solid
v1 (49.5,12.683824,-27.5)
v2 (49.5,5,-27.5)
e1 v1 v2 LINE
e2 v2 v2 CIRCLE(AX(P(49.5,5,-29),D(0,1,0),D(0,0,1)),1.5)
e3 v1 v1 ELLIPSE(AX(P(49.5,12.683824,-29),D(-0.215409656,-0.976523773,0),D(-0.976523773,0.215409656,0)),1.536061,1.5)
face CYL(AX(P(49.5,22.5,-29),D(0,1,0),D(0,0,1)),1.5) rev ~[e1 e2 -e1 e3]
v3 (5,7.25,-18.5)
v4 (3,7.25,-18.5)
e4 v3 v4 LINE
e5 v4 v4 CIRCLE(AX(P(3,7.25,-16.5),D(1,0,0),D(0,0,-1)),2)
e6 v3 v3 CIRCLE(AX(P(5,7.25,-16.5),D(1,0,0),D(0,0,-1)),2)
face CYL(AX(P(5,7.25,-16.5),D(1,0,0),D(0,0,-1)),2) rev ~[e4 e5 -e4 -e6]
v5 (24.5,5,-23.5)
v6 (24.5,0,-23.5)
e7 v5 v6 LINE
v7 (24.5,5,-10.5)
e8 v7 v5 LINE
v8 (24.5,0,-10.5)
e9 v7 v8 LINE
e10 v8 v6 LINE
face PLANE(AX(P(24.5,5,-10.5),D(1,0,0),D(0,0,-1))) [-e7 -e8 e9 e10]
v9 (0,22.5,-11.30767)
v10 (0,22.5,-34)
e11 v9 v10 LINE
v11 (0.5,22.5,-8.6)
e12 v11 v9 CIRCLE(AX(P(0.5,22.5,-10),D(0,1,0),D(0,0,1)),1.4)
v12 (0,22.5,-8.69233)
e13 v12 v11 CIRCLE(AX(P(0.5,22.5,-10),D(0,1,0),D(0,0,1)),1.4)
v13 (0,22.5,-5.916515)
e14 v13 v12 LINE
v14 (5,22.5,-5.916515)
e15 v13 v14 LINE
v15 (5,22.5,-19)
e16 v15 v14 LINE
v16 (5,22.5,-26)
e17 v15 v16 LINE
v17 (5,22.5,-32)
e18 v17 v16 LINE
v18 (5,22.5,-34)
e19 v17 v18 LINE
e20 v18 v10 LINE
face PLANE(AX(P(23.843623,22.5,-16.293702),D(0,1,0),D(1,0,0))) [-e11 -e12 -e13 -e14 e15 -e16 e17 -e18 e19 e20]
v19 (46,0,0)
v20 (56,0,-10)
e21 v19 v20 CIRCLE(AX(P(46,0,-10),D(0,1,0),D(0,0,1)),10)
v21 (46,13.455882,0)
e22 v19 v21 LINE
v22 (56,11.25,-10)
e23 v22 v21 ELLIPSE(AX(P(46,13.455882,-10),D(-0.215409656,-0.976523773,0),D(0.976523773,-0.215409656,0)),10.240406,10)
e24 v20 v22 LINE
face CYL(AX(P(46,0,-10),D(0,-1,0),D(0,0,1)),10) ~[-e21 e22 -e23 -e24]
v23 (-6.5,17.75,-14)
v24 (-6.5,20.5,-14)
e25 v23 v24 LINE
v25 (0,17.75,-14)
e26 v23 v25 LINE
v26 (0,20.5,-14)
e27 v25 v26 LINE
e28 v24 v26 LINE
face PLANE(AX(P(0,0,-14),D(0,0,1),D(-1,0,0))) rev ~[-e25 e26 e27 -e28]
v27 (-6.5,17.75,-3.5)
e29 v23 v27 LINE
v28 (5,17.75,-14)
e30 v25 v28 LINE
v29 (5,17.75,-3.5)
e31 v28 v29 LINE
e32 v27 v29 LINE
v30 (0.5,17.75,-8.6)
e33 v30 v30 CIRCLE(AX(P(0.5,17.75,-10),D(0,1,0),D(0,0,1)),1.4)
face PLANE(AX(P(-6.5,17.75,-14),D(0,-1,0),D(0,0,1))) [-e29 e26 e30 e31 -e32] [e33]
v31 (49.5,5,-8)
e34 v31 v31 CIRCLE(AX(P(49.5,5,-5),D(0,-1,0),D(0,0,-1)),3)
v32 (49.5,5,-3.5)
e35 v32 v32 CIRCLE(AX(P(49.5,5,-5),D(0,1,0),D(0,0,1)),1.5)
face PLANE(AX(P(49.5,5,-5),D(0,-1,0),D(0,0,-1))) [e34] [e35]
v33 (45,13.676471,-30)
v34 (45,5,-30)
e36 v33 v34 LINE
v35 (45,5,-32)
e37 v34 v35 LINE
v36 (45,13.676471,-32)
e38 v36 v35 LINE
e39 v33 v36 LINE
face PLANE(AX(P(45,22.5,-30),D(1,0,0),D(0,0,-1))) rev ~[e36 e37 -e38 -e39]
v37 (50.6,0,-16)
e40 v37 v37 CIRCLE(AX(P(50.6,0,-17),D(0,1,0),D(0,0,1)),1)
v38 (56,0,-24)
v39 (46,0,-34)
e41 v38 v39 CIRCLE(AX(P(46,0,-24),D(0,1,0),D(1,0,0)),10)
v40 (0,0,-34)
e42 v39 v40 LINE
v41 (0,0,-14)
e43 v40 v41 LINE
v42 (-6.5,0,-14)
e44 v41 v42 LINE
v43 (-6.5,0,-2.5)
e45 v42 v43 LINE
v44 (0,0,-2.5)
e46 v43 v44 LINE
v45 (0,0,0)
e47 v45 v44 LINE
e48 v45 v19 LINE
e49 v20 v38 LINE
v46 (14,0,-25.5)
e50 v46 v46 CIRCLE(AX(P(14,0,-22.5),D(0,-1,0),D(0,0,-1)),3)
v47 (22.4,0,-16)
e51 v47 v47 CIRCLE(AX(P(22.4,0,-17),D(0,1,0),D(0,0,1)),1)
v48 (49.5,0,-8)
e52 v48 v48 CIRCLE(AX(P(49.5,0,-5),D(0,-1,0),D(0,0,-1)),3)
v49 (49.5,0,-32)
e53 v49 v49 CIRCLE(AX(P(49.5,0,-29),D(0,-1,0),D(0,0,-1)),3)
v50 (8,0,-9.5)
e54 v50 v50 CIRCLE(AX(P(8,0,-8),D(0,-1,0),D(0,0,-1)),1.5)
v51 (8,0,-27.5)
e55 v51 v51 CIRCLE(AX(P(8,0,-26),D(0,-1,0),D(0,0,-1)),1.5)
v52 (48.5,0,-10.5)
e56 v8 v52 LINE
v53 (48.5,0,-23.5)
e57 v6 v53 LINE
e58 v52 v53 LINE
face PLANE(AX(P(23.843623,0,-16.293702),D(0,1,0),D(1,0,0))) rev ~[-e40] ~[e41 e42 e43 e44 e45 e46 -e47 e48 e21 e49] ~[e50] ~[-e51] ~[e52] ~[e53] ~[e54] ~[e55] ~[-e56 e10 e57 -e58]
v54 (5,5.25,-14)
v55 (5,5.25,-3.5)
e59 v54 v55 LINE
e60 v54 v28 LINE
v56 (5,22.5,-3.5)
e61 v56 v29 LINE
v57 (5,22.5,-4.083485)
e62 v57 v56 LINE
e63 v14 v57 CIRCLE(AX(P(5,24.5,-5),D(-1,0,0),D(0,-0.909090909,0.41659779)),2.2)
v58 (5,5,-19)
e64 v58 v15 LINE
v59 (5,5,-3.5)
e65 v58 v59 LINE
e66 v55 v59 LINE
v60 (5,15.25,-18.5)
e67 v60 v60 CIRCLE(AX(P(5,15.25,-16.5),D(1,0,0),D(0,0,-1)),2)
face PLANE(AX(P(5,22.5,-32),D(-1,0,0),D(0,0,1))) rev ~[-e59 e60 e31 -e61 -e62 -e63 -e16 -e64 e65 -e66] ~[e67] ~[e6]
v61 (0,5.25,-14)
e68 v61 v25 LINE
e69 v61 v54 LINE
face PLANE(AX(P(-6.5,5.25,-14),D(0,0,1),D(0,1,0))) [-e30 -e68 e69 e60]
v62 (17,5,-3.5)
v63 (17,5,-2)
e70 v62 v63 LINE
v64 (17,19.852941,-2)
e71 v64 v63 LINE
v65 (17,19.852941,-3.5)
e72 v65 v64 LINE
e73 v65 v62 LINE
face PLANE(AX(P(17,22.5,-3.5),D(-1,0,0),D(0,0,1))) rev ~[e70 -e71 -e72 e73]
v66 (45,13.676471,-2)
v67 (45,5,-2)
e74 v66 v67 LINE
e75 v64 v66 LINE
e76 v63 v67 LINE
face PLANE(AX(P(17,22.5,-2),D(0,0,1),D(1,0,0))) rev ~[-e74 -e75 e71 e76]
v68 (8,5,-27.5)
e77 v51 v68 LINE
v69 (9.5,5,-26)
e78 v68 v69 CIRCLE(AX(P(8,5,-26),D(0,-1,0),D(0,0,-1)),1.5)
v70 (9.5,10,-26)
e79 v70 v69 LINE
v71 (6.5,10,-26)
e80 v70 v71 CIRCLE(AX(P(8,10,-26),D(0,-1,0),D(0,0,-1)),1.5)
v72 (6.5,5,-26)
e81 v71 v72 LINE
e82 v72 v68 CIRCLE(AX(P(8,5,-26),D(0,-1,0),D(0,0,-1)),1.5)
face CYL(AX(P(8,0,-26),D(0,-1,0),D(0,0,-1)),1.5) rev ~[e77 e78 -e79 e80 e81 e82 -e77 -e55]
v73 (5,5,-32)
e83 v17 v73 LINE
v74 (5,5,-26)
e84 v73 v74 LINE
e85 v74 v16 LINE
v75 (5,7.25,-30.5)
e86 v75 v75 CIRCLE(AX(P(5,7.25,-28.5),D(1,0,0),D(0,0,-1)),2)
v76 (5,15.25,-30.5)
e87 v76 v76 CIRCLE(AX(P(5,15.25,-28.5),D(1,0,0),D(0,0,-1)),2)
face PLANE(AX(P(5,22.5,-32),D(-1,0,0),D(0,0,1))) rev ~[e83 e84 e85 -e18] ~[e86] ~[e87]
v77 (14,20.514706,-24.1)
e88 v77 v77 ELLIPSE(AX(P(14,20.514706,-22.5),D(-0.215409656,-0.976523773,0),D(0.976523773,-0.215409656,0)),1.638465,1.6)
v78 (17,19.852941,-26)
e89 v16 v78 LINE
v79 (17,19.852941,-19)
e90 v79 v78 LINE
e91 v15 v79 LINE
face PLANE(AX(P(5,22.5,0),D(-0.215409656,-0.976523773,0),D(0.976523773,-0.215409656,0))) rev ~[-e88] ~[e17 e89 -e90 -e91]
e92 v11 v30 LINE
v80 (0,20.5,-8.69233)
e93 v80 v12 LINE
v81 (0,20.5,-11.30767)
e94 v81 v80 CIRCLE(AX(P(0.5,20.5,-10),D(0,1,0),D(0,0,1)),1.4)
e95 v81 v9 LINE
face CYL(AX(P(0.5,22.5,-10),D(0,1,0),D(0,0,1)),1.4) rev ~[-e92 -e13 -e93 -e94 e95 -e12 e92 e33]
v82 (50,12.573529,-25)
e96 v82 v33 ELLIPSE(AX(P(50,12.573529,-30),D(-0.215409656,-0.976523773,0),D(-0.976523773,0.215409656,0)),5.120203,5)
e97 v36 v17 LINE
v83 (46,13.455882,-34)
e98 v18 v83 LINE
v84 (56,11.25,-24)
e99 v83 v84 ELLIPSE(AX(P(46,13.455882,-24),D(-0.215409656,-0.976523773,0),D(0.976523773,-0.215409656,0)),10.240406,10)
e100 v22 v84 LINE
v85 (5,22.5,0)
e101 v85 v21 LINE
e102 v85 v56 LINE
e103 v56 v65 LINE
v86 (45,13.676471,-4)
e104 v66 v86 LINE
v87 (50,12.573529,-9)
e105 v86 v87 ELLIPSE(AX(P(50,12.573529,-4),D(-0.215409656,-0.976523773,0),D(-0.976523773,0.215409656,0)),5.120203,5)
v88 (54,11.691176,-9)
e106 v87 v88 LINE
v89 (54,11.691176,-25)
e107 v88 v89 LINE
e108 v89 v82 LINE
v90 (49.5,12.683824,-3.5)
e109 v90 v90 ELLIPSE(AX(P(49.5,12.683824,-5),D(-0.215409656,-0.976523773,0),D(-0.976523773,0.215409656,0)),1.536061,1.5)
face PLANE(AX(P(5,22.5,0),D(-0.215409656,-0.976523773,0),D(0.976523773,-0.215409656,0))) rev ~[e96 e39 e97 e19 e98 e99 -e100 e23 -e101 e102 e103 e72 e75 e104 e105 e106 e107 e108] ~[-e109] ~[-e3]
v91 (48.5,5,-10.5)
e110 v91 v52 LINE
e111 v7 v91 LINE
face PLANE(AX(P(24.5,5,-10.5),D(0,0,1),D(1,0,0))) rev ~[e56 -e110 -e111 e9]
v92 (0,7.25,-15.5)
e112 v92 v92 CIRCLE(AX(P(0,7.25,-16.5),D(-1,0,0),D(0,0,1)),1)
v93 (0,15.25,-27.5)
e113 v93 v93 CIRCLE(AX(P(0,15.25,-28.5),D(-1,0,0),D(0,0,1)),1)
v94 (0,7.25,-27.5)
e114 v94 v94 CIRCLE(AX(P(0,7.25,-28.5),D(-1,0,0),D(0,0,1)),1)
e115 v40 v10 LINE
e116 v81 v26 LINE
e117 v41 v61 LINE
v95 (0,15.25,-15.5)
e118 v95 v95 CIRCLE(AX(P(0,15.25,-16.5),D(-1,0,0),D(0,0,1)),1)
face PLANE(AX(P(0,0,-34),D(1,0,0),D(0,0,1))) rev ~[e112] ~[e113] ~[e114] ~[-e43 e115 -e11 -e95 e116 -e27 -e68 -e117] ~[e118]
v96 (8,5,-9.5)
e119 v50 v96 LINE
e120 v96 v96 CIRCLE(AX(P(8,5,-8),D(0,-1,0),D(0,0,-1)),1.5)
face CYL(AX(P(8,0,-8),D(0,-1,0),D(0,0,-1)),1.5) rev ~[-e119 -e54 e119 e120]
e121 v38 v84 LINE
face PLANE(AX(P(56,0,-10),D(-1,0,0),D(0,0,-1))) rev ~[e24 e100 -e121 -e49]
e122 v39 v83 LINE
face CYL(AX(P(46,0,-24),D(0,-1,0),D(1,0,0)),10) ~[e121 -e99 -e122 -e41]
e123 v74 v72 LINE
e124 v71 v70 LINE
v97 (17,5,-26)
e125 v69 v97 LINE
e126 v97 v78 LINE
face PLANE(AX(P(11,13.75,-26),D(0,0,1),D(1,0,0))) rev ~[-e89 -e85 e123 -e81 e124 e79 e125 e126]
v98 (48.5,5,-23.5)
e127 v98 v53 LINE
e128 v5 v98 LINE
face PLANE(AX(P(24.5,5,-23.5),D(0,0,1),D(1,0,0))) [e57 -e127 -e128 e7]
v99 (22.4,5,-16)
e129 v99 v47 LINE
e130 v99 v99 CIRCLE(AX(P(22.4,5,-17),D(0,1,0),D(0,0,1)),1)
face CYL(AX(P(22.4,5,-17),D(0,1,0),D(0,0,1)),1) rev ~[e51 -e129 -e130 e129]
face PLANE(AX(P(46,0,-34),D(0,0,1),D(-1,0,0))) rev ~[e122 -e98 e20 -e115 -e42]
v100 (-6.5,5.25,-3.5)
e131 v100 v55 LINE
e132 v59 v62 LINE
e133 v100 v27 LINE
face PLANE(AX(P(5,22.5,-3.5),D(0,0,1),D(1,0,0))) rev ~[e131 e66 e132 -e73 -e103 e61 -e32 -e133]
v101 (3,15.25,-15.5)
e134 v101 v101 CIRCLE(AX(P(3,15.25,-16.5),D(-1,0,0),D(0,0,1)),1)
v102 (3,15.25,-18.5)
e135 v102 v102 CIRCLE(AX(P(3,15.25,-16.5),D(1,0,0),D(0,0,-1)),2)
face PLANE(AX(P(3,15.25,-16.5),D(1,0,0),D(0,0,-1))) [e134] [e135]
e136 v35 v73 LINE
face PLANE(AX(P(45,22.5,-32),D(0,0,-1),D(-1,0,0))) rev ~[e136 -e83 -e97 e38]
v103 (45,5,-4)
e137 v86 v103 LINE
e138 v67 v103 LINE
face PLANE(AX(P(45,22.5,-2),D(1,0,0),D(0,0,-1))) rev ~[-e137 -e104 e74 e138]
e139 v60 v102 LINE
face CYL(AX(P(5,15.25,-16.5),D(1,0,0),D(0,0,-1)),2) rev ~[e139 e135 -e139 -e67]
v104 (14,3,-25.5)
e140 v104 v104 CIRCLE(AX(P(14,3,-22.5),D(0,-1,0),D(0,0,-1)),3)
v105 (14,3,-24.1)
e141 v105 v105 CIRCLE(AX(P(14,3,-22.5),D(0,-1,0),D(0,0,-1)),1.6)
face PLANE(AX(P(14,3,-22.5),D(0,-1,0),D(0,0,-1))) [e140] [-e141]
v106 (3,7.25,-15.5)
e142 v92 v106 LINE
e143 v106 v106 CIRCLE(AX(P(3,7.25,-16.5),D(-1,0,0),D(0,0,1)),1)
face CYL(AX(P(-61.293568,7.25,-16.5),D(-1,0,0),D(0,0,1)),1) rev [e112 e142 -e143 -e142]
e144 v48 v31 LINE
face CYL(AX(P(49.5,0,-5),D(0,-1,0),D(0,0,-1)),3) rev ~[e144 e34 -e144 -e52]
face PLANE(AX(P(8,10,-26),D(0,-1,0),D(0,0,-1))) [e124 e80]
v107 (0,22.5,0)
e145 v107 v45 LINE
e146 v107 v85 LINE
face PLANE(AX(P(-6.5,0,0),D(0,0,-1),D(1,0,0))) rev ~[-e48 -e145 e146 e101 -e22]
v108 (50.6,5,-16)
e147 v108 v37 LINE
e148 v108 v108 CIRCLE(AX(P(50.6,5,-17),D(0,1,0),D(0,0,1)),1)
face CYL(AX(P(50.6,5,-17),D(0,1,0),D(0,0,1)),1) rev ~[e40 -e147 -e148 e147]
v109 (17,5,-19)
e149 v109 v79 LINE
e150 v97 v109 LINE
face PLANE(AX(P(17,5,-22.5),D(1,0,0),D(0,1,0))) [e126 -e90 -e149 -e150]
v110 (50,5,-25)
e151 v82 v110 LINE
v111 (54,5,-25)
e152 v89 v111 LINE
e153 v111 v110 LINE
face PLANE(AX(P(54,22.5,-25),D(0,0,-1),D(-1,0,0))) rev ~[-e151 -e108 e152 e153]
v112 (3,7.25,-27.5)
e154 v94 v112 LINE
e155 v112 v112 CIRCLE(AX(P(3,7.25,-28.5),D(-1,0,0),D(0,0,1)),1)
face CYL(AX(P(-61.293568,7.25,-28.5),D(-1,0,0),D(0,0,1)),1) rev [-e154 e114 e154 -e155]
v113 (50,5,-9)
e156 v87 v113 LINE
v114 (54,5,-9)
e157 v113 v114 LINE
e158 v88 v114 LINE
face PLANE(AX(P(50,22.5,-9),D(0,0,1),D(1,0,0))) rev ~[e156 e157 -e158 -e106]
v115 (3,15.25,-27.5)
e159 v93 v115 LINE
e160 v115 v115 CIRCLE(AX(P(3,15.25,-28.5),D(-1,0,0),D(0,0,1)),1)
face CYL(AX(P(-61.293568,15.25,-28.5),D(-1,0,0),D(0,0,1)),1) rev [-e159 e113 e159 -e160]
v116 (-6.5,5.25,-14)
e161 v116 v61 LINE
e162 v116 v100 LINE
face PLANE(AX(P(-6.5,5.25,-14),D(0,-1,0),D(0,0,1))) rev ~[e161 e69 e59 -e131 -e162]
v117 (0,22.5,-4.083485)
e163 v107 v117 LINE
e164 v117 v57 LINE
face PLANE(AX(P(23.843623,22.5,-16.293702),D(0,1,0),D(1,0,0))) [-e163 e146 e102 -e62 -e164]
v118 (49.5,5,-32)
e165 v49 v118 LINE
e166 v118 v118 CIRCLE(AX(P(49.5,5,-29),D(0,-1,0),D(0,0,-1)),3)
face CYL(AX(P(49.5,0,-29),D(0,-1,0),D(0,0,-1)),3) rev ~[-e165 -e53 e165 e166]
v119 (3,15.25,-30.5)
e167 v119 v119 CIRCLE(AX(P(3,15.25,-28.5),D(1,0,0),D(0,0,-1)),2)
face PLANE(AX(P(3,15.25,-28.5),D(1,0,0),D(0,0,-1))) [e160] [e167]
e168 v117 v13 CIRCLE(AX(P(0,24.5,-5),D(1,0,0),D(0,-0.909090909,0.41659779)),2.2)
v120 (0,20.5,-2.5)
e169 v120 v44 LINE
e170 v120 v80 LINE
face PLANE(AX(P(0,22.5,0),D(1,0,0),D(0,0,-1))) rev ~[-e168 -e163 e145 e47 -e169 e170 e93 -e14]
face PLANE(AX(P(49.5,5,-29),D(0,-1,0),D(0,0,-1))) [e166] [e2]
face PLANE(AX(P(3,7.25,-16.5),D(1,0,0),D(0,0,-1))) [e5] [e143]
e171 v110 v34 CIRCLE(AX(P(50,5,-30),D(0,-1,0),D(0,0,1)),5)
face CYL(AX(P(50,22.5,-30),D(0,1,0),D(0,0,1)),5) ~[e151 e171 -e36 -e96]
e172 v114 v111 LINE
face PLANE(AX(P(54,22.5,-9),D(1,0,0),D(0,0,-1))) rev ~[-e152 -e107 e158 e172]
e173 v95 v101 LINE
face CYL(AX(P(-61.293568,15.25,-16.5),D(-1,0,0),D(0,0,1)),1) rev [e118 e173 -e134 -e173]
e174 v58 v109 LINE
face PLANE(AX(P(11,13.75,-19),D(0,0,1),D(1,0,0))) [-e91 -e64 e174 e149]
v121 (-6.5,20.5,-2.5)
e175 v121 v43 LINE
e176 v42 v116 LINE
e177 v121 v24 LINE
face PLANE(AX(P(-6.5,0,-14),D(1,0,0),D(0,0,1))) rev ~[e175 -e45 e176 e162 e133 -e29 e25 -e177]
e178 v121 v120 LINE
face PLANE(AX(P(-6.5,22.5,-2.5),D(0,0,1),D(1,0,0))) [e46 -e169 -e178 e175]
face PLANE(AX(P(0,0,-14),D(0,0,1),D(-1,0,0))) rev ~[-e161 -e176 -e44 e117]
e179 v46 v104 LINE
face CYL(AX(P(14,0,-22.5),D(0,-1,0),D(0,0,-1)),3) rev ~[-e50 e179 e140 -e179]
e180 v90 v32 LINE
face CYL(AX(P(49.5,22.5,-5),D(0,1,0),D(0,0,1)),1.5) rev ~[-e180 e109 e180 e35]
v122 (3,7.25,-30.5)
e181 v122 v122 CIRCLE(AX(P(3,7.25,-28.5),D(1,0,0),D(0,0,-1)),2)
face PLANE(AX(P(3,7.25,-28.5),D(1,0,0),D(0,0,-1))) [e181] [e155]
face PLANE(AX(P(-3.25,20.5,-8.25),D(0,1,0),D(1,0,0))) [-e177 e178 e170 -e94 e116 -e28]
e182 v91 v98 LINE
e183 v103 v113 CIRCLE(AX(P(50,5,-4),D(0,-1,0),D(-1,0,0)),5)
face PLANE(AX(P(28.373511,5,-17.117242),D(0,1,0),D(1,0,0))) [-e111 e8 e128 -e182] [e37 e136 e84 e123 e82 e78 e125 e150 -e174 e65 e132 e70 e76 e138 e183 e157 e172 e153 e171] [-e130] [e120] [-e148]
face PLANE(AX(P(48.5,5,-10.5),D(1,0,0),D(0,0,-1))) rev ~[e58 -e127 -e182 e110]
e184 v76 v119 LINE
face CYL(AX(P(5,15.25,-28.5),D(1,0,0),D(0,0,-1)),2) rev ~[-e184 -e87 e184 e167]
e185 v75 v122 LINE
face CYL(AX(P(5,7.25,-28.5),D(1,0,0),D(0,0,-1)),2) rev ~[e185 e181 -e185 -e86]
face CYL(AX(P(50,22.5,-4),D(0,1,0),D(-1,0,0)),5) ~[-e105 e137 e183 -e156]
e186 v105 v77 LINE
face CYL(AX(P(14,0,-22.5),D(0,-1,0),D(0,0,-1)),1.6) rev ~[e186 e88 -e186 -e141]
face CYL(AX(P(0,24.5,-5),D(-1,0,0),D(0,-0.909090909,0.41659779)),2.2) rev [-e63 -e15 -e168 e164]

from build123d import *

# Parameters (mm, degrees)
BOSS_EXTRUDE1_DEPTH     = 22.5
CUT_EXTRUDE1_DEPTH      = 17.5
CUT_EXTRUDE2_DEPTH      = 15
CUT_EXTRUDE2_DEPTH_BACK = 66.29356783
SKETCH4_R               = 1
SKETCH5_W               = 10.5
SKETCH5_H               = 12.5
CUT_EXTRUDE3_DEPTH      = 20
SKETCH6_R               = 1.4
CUT_EXTRUDE4_DEPTH      = 10
SKETCH8_R               = 1
SKETCH8_W               = 24
SKETCH8_H               = 13
CUT_EXTRUDE6_DEPTH      = 68.810397433
SKETCH9_R               = 1.5
CUT_EXTRUDE7_DEPTH      = 70.269401614
SKETCH10_R              = 3
CUT_EXTRUDE8_DEPTH      = 5
SKETCH14_W              = 12
SKETCH14_H              = 17.5
BOSS_EXTRUDE3_DEPTH     = 3.5
SKETCH11_R              = 1.5
CUT_EXTRUDE9_DEPTH      = 10
SKETCH16_R              = 2
CUT_EXTRUDE11_DEPTH     = 2
SKETCH18_W              = 6.5
SKETCH18_H              = 2.5
CUT_EXTRUDE12_DEPTH     = 70.269401614
CUT_EXTRUDE14_DEPTH     = 70.269401614
SKETCH22_R              = 1.6
CUT_EXTRUDE15_DEPTH     = 70.269401614
SKETCH23_R              = 3
CUT_EXTRUDE18_DEPTH     = 3
CUT_EXTRUDE19_DEPTH     = 10
SKETCH25_W              = 6.5
SKETCH25_H              = 11.5
CUT_EXTRUDE20_DEPTH     = 2


with BuildPart() as part:
    # Sketch2 → Boss-Extrude1 (new body)
    with BuildSketch(Plane(origin=(0, 0, 0), x_dir=(1, 0, 0), z_dir=(0, 1, 0))):
        with BuildLine():
            Line((0, 0), (46, 0))
            ThreePointArc((46, 0), (53.071067812, 2.928932188), (56, 10))
            Line((56, 10), (56, 24))
            ThreePointArc((56, 24), (53.071067812, 31.071067812), (46, 34))
            Line((46, 34), (0, 34))
            Line((0, 34), (0, 14))
            Line((0, 14), (-6.5, 14))
            Line((-6.5, 14), (-6.5, 0))
            Line((-6.5, 0), (0, 0))
        make_face()
    extrude(amount=BOSS_EXTRUDE1_DEPTH)

    # Sketch3 → Cut-Extrude1 (cut)
    with BuildSketch(Plane(origin=(0, 22.5, 0), x_dir=(1, 0, 0), z_dir=(0, 1, 0))):
        with BuildLine():
            Line((45, 32), (5, 32))
            Line((5, 32), (5, 3.5))
            Line((5, 3.5), (17, 3.5))
            Line((17, 3.5), (17, 2))
            Line((17, 2), (45, 2))
            Line((45, 2), (45, 4))
            ThreePointArc((45, 4), (46.464466094, 7.535533906), (50, 9))
            Line((50, 9), (54, 9))
            Line((54, 9), (54, 25))
            Line((54, 25), (50, 25))
            ThreePointArc((50, 25), (46.464466094, 26.464466094), (45, 30))
            Line((45, 30), (45, 32))
        make_face()
    extrude(amount=-CUT_EXTRUDE1_DEPTH, mode=Mode.SUBTRACT)

    # Sketch4 → Cut-Extrude2 (cut, two sides: drawn at the far end of the back side and taken through both)
    with BuildSketch(Plane(origin=(5, 0, 0), x_dir=(0, 0, -1), z_dir=(1, 0, 0)).offset(-CUT_EXTRUDE2_DEPTH_BACK)):
        with Locations(Location((28.5, 15.25, 0), (0, 0, 180))):
            Circle(SKETCH4_R)
        with Locations(Location((28.5, 7.25, 0), (0, 0, 180))):
            Circle(SKETCH4_R)
        with Locations(Location((16.5, 7.25, 0), (0, 0, 180))):
            Circle(SKETCH4_R)
        with Locations(Location((16.5, 15.25, 0), (0, 0, 180))):
            Circle(SKETCH4_R)
    extrude(amount=CUT_EXTRUDE2_DEPTH + CUT_EXTRUDE2_DEPTH_BACK, mode=Mode.SUBTRACT)

    # Sketch5 → Cut-Extrude3 (cut)
    with BuildSketch(Plane.ZY.offset(6.5)):
        with Locations((-8.75, 11.5)):
            Rectangle(SKETCH5_W, SKETCH5_H)
    extrude(amount=-CUT_EXTRUDE3_DEPTH, mode=Mode.SUBTRACT)

    # Sketch6 → Cut-Extrude4 (cut)
    with BuildSketch(Plane(origin=(0, 22.5, 0), x_dir=(1, 0, 0), z_dir=(0, 1, 0))):
        with Locations(Location((0.5, 10, 0), (0, 0, 270))):
            Circle(SKETCH6_R)
    extrude(amount=-CUT_EXTRUDE4_DEPTH, mode=Mode.SUBTRACT)

    # Sketch8 → Cut-Extrude6 (cut, through all)
    with BuildSketch(Plane(origin=(0, 5, 0), x_dir=(1, 0, 0), z_dir=(0, 1, 0))):
        with Locations(Location((50.6, 17, 0), (0, 0, 270))):
            Circle(SKETCH8_R)
        with Locations(Location((22.4, 17, 0), (0, 0, 270))):
            Circle(SKETCH8_R)
        with Locations((36.5, 17)):
            Rectangle(SKETCH8_W, SKETCH8_H)
    extrude(amount=-CUT_EXTRUDE6_DEPTH, mode=Mode.SUBTRACT)

    # Sketch9 → Cut-Extrude7 (cut, through all)
    with BuildSketch(Plane(origin=(0, 22.5, 0), x_dir=(1, 0, 0), z_dir=(0, 1, 0))):
        with Locations(Location((49.5, 29, 0), (0, 0, 270))):
            Circle(SKETCH9_R)
        with Locations(Location((49.5, 5, 0), (0, 0, 270))):
            Circle(SKETCH9_R)
    extrude(amount=-CUT_EXTRUDE7_DEPTH, mode=Mode.SUBTRACT)

    # Sketch10 → Cut-Extrude8 (cut)
    with BuildSketch(Plane.XZ):
        with Locations(Location((49.5, -5, 0), (0, 0, 270))):
            Circle(SKETCH10_R)
        with Locations(Location((49.5, -29, 0), (0, 0, 270))):
            Circle(SKETCH10_R)
    extrude(amount=-CUT_EXTRUDE8_DEPTH, mode=Mode.SUBTRACT)

    # Sketch14 → Boss-Extrude3 (add, symmetric)
    with BuildSketch(Plane.XY.offset(-22.5)):
        with Locations((11, 13.75)):
            Rectangle(SKETCH14_W, SKETCH14_H)
    extrude(amount=BOSS_EXTRUDE3_DEPTH, both=True)

    # Sketch11 → Cut-Extrude9 (cut)
    with BuildSketch(Plane.XZ):
        with Locations(Location((8, -8, 0), (0, 0, 270))):
            Circle(SKETCH11_R)
        with Locations(Location((8, -26, 0), (0, 0, 270))):
            Circle(SKETCH11_R)
    extrude(amount=-CUT_EXTRUDE9_DEPTH, mode=Mode.SUBTRACT)

    # Sketch16 → Cut-Extrude11 (cut)
    with BuildSketch(Plane(origin=(5, 0, 0), x_dir=(0, 0, -1), z_dir=(1, 0, 0))):
        with Locations((28.5, 15.25)):
            Circle(SKETCH16_R)
        with Locations((28.5, 7.25)):
            Circle(SKETCH16_R)
        with Locations((16.5, 7.25)):
            Circle(SKETCH16_R)
        with Locations((16.5, 15.25)):
            Circle(SKETCH16_R)
    extrude(amount=-CUT_EXTRUDE11_DEPTH, mode=Mode.SUBTRACT)

    # Sketch18 → Cut-Extrude12 (cut, through all)
    with BuildSketch(Plane(origin=(0, 22.5, 0), x_dir=(1, 0, 0), z_dir=(0, 1, 0))):
        with Locations((-3.25, 1.25)):
            Rectangle(SKETCH18_W, SKETCH18_H)
    extrude(amount=-CUT_EXTRUDE12_DEPTH, mode=Mode.SUBTRACT)

    # Sketch21 → Cut-Extrude14 (cut, through all)
    with BuildSketch(Plane.XY):
        Polygon((5, 22.5), (56, 11.25), (56, 22.5), align=None)
    extrude(amount=-CUT_EXTRUDE14_DEPTH, mode=Mode.SUBTRACT)

    # Sketch22 → Cut-Extrude15 (cut, through all)
    with BuildSketch(Plane.XZ):
        with Locations(Location((14, -22.5, 0), (0, 0, 270))):
            Circle(SKETCH22_R)
    extrude(amount=-CUT_EXTRUDE15_DEPTH, mode=Mode.SUBTRACT)

    # Sketch23 → Cut-Extrude18 (cut)
    with BuildSketch(Plane.XZ):
        with Locations(Location((14, -22.5, 0), (0, 0, 270))):
            Circle(SKETCH23_R)
    extrude(amount=-CUT_EXTRUDE18_DEPTH, mode=Mode.SUBTRACT)

    # Sketch26 → Cut-Extrude19 (cut)
    with BuildSketch(Plane.ZY):
        with BuildLine():
            Line((-5.916515139, 22.5), (-4.083484861, 22.5))
            ThreePointArc((-4.083484861, 22.5), (-5, 22.3), (-5.916515139, 22.5))
        make_face()
    extrude(amount=-CUT_EXTRUDE19_DEPTH, mode=Mode.SUBTRACT)

    # Sketch25 → Cut-Extrude20 (cut)
    with BuildSketch(Plane(origin=(0, 22.5, 0), x_dir=(1, 0, 0), z_dir=(0, 1, 0))):
        with Locations((-3.25, 8.25)):
            Rectangle(SKETCH25_W, SKETCH25_H)
    extrude(amount=-CUT_EXTRUDE20_DEPTH, mode=Mode.SUBTRACT)


solid = part.part
